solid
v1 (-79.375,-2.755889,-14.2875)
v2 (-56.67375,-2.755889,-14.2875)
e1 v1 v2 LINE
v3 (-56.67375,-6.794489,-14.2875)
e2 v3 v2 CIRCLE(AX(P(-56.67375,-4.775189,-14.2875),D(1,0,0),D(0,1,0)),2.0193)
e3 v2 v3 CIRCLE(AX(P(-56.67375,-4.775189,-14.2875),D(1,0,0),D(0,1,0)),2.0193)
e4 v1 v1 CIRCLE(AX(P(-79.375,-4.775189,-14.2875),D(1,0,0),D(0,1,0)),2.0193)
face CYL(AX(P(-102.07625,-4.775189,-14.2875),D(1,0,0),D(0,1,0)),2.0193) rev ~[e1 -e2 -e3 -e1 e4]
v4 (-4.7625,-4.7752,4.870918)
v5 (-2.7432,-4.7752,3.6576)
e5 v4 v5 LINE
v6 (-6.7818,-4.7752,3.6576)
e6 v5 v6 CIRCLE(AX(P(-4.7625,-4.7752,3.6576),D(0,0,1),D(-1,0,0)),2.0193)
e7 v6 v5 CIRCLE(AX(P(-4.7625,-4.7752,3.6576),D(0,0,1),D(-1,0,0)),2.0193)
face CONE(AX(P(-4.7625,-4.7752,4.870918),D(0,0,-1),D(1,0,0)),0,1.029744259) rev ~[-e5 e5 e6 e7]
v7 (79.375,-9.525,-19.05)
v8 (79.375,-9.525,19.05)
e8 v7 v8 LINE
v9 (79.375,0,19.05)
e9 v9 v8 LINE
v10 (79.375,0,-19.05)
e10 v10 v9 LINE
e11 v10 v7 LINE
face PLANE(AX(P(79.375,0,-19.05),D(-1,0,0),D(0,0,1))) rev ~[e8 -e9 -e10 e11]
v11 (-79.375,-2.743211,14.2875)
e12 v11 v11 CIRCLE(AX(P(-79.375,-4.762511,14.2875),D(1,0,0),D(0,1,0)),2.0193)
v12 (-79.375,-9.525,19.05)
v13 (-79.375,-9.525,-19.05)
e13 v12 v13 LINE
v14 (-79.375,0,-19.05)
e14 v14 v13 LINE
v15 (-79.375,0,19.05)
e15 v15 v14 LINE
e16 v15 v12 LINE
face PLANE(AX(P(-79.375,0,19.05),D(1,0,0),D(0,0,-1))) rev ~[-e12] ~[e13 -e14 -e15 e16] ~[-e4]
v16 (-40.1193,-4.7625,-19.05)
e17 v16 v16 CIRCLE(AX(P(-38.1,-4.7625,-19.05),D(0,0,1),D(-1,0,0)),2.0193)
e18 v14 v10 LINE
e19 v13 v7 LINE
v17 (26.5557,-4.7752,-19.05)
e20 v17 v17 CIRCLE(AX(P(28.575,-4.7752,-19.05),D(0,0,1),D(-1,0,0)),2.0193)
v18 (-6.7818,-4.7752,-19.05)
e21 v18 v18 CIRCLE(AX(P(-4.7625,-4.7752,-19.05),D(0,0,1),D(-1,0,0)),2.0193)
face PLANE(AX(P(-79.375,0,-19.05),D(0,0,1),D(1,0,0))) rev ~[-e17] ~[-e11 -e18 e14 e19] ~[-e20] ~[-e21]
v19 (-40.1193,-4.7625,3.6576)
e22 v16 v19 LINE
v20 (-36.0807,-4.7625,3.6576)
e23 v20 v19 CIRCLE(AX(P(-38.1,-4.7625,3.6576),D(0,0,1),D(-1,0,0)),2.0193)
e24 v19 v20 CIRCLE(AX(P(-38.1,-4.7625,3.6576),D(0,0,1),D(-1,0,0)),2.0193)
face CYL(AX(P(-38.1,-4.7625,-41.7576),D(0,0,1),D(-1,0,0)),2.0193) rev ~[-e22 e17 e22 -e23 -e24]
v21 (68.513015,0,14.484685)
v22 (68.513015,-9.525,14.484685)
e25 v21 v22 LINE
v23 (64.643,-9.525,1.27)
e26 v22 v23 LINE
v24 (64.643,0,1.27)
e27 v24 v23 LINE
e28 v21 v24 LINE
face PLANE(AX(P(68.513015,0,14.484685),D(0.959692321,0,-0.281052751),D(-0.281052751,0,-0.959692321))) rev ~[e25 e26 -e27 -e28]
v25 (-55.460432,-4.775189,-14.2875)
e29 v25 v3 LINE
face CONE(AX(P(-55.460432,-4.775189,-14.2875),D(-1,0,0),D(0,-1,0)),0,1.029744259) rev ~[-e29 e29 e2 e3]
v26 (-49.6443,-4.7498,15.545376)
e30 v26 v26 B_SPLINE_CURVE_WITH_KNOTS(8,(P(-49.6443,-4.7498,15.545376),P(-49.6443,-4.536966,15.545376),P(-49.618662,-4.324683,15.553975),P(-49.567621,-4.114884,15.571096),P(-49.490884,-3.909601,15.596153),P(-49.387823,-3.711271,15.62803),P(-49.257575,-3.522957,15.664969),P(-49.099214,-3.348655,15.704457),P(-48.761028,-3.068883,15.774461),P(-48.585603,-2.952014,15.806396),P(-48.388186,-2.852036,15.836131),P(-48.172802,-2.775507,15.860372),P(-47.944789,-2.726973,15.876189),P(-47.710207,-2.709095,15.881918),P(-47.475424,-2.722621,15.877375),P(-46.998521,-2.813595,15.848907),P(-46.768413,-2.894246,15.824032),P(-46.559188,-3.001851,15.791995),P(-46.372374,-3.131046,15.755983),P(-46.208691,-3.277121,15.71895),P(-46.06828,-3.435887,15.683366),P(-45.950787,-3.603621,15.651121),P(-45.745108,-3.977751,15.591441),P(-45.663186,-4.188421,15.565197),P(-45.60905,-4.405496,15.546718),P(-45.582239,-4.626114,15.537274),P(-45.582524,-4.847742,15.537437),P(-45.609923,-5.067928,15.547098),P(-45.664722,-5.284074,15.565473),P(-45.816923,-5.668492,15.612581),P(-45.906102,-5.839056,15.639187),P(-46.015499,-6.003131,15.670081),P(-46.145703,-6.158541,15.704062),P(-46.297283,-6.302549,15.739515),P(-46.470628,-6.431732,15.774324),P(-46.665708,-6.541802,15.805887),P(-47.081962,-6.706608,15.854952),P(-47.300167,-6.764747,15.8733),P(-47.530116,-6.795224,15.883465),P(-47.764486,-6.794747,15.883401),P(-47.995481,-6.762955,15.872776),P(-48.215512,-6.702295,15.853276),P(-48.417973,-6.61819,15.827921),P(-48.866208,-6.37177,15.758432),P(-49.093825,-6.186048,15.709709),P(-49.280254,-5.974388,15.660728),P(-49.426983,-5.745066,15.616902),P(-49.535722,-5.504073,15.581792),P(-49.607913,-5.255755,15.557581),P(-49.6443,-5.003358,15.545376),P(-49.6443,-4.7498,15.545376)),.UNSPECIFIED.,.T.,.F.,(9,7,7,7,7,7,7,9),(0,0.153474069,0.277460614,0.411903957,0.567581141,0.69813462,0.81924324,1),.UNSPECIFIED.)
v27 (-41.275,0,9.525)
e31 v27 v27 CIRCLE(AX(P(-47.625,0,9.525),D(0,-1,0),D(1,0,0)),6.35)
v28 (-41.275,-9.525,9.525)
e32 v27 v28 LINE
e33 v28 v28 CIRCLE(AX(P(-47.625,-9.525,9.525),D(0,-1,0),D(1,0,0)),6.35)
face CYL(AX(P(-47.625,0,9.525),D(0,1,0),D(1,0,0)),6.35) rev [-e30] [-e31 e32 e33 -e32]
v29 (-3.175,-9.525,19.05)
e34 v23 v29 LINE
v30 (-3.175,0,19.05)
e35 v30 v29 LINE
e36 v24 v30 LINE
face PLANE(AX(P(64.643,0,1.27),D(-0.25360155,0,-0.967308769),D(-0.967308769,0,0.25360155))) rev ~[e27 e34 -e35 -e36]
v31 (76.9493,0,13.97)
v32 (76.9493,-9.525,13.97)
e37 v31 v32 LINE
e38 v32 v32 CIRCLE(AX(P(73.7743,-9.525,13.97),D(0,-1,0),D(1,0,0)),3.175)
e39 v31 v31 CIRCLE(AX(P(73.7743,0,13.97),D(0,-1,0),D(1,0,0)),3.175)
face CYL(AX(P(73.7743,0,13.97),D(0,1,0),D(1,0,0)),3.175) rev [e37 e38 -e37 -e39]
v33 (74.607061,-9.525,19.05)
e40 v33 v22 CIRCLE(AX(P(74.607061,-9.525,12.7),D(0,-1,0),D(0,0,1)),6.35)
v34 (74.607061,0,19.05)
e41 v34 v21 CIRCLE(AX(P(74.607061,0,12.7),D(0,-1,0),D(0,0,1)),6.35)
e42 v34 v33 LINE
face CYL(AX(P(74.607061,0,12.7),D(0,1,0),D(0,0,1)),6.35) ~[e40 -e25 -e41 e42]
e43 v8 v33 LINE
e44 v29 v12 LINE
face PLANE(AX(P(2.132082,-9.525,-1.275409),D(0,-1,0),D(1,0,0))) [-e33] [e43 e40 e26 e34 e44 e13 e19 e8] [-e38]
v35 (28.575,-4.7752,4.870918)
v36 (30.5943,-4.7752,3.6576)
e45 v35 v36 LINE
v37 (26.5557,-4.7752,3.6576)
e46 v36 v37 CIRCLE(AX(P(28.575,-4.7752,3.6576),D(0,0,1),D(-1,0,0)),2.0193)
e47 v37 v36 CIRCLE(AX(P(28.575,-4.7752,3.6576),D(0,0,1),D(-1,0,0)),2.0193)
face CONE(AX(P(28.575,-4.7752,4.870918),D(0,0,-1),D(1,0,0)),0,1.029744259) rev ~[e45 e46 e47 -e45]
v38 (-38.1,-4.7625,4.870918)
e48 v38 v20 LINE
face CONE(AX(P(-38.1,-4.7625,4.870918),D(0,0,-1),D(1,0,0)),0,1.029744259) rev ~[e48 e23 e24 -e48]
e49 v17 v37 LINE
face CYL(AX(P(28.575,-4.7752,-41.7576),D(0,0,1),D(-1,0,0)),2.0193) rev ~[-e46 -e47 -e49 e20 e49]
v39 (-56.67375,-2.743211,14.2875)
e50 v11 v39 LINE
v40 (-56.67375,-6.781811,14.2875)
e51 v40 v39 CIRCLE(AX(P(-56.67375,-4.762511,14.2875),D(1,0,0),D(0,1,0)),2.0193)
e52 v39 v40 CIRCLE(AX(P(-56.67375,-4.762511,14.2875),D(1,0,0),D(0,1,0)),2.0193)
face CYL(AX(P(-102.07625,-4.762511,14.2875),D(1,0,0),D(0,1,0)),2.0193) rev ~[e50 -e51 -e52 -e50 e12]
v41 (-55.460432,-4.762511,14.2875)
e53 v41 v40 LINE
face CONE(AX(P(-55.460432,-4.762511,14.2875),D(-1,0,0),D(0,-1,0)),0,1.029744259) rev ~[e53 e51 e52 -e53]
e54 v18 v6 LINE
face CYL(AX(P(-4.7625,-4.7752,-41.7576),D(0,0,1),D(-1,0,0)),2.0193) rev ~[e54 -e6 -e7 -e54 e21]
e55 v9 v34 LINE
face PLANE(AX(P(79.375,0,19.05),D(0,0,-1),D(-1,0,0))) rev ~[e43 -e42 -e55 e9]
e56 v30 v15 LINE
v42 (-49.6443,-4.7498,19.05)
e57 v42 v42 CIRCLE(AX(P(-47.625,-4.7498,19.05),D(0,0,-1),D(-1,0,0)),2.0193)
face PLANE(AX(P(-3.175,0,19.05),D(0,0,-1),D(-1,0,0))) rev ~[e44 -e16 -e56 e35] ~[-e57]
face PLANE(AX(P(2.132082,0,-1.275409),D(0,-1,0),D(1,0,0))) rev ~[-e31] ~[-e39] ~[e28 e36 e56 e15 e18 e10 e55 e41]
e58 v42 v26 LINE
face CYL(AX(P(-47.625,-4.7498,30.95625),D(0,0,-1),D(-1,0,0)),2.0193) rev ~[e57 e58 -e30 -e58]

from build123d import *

# Parameters (mm, degrees)
F0_R     = 6.35
F0_R_2   = 3.175
F1_DEPTH = 9.525
F3_D     = 4.0386
F3_DEPTH = 22.70125
F3_TIP   = 1.213317848
F5_D     = 4.0386
F5_DEPTH = 11.90625
F5_TIP   = 1.213317848
F7_D     = 4.0386
F7_DEPTH = 22.7076
F7_TIP   = 1.213317848


with BuildPart() as f1:
    # F0 (on Front) → F1 (new body)
    with BuildSketch(Plane.XZ):
        with BuildLine():
            Line((-3.175, 19.05), (-79.375, 19.05))
            Line((-79.375, 19.05), (-79.375, -19.05))
            Line((-79.375, -19.05), (79.375, -19.05))
            Line((79.375, -19.05), (79.375, 19.05))
            Line((79.375, 19.05), (74.6070611226, 19.05))
            ThreePointArc((74.6070611226, 19.05), (70.7998475457, 17.7820886237), (68.513014884, 14.4846849699))
            Line((68.513014884, 14.4846849699), (64.643, 1.27))
            Line((64.643, 1.27), (-3.175, 19.05))
        make_face()
        with Locations((-47.625, 9.525)):
            Circle(F0_R, mode=Mode.SUBTRACT)
        with Locations((73.7743, 13.97)):
            Circle(F0_R_2, mode=Mode.SUBTRACT)
    extrude(amount=F1_DEPTH)

    # F3
    with Locations(Plane(origin=(-79.375, 0, 0), x_dir=(0, -1, 0), z_dir=(-1, 0, 0))):
        with Locations((4.7625112989, 14.2875), (4.7751887011, -14.2875)):
            Hole(F3_D / 2, depth=F3_DEPTH)
            with Locations((0, 0, -(F3_DEPTH + F3_TIP / 2))):  # 118° drill point
                Cone(0, F3_D / 2, F3_TIP, mode=Mode.SUBTRACT)

    # F5
    with Locations(Plane.XY.offset(19.05)):
        with Locations((-47.625, -4.7498)):
            Hole(F5_D / 2, depth=F5_DEPTH)
            with Locations((0, 0, -(F5_DEPTH + F5_TIP / 2))):  # 118° drill point
                Cone(0, F5_D / 2, F5_TIP, mode=Mode.SUBTRACT)

    # F7
    with Locations(Plane(origin=(0, 0, -19.05), x_dir=(1, 0, 0), z_dir=(0, 0, -1))):
        with Locations((-38.1, 4.7625), (-4.7625, 4.7752), (28.575, 4.7752)):
            Hole(F7_D / 2, depth=F7_DEPTH)
            with Locations((0, 0, -(F7_DEPTH + F7_TIP / 2))):  # 118° drill point
                Cone(0, F7_D / 2, F7_TIP, mode=Mode.SUBTRACT)


solid = f1.part
